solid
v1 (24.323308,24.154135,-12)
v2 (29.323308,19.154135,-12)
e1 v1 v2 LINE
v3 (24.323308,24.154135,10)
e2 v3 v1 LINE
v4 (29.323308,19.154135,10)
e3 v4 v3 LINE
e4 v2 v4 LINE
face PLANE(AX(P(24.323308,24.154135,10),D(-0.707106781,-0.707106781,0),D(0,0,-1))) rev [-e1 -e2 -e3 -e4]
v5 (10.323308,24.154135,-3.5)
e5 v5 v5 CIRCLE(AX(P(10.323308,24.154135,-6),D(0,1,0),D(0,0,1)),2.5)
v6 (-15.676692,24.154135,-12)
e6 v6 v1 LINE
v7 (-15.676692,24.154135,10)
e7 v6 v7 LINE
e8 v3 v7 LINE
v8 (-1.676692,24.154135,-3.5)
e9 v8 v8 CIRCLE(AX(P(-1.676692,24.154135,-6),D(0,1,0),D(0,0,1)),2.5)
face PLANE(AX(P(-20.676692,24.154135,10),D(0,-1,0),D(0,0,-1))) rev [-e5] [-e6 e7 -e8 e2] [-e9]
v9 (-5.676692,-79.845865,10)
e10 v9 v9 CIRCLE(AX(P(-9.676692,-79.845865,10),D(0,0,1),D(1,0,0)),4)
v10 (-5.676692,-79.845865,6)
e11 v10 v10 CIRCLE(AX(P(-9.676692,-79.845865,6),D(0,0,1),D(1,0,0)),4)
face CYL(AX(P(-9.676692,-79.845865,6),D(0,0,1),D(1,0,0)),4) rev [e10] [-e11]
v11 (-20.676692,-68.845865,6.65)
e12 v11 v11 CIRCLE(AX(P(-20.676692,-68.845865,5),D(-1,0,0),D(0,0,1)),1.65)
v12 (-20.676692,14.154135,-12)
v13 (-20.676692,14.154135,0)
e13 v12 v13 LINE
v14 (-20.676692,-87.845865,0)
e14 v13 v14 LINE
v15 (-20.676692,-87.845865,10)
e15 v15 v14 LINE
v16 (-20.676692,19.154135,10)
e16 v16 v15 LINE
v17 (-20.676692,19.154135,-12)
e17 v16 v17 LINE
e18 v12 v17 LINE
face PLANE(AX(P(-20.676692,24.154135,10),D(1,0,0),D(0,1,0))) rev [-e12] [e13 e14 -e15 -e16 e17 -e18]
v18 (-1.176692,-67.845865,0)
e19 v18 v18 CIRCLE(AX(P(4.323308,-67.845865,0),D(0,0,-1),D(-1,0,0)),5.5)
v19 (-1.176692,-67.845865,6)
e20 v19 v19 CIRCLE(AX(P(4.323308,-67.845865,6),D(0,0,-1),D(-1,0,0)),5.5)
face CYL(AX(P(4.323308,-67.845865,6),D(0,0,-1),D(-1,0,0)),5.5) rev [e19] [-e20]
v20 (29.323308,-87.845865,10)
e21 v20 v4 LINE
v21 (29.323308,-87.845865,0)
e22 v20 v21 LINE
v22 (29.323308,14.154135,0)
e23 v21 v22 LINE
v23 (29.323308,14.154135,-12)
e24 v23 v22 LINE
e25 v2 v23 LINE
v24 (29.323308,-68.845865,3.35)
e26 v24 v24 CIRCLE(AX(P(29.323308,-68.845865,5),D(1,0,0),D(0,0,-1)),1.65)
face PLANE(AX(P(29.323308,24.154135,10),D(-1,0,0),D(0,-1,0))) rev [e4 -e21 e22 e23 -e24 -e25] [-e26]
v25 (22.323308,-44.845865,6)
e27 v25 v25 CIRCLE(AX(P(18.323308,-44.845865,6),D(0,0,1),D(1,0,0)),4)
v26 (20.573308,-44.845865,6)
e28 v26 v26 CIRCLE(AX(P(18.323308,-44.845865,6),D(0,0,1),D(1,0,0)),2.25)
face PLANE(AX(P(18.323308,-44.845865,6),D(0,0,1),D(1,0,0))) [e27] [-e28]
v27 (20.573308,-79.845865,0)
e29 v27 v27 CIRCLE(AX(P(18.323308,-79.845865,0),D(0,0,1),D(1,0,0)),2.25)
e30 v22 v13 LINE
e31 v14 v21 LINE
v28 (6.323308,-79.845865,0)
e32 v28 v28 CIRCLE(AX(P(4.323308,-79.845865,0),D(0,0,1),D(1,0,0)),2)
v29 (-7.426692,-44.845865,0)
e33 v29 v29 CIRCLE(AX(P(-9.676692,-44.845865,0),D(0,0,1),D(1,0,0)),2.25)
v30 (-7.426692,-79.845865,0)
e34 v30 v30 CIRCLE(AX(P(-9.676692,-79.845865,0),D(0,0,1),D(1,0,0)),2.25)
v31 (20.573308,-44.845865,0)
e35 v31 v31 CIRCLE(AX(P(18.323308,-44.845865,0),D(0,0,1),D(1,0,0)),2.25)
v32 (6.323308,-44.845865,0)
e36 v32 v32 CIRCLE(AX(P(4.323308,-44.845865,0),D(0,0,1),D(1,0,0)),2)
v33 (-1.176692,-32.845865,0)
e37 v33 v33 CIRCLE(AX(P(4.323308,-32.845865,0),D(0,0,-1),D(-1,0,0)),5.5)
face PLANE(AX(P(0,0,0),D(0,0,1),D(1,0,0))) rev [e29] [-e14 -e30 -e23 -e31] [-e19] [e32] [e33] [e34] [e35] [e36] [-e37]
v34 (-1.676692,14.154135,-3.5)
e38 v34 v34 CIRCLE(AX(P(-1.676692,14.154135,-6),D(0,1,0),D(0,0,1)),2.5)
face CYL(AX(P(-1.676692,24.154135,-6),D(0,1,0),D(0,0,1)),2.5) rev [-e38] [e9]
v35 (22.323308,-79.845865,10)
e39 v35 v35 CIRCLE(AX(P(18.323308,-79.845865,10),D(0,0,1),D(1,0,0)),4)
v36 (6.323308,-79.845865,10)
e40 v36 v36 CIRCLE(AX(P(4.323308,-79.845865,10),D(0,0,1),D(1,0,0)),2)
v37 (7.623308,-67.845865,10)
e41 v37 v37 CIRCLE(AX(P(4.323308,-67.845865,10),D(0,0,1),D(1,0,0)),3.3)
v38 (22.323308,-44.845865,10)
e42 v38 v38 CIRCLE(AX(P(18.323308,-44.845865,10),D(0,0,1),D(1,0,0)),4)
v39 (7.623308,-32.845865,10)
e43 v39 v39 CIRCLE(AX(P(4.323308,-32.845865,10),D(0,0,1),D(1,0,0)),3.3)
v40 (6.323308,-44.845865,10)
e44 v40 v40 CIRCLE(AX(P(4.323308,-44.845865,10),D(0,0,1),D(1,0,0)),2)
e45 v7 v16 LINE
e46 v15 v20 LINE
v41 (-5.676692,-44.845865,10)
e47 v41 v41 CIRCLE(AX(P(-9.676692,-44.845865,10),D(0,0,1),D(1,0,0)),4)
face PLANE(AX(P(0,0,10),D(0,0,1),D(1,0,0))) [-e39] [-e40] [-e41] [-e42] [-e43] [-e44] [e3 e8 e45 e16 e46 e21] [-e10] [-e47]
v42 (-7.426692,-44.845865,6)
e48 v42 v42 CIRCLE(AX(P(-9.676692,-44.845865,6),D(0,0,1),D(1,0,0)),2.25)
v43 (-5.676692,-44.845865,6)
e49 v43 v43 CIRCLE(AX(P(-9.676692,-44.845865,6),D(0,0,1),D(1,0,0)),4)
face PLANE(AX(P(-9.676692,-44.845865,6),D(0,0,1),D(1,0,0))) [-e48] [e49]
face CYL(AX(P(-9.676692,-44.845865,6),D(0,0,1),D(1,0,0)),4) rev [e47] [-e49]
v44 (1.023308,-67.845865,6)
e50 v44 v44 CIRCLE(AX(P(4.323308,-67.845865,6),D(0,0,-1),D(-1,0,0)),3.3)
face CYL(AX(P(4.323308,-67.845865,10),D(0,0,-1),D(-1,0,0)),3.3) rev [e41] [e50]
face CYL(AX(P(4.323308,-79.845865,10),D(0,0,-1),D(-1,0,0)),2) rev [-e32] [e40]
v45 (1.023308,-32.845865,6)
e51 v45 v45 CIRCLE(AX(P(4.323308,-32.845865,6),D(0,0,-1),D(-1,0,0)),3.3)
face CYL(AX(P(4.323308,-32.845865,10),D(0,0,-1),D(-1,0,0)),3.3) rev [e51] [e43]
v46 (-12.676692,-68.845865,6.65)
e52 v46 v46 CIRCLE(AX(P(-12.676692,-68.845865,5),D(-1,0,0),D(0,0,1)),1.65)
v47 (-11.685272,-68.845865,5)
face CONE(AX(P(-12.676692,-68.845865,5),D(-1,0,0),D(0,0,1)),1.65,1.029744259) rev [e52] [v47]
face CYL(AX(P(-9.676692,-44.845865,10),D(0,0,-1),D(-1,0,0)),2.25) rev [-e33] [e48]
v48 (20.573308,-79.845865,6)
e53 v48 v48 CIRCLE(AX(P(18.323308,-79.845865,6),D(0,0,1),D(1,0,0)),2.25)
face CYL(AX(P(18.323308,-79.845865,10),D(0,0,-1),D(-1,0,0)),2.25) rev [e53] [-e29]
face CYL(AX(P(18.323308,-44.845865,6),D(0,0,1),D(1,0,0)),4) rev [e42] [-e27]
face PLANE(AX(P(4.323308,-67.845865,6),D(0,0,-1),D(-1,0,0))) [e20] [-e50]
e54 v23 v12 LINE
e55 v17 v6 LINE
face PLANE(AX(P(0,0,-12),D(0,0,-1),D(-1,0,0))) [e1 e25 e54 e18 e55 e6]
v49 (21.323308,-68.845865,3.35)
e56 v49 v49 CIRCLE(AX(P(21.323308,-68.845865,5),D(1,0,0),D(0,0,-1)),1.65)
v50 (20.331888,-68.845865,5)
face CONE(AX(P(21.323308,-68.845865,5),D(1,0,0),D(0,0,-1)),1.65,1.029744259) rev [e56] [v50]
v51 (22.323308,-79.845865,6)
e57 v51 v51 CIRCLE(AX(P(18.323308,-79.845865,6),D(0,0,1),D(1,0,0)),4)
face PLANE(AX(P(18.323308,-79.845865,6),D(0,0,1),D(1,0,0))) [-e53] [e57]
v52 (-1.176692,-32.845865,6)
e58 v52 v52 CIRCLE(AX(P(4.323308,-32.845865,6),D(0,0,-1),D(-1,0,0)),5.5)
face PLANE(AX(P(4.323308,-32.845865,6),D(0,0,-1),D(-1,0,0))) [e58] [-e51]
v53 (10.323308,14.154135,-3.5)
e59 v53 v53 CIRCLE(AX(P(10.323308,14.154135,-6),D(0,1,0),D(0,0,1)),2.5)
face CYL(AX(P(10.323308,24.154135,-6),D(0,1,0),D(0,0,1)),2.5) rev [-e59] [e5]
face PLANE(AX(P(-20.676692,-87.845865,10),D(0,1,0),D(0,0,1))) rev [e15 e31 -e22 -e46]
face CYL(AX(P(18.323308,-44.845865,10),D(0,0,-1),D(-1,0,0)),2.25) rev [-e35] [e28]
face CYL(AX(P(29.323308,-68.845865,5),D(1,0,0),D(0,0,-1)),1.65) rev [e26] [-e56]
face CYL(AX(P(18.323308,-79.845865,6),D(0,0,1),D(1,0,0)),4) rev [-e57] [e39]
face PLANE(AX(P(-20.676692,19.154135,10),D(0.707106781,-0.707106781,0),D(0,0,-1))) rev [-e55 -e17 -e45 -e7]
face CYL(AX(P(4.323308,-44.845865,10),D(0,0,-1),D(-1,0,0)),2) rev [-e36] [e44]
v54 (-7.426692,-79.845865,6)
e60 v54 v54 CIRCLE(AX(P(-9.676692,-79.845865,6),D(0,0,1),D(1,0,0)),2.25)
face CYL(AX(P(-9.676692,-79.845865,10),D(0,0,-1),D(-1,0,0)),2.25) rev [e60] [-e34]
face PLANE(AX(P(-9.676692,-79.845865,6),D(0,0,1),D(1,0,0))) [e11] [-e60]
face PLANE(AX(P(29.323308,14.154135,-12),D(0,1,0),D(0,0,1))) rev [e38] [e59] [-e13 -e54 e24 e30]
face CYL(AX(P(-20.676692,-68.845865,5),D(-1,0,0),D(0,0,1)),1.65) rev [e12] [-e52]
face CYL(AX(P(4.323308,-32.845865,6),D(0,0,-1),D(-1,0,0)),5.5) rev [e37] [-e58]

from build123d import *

# Parameters (mm, degrees)
SKETCH1_W             = 50
SKETCH1_H             = 112
SKETCH1_R             = 3.3
SKETCH1_R_2           = 2
SKETCH1_R_3           = 2.25
BOSS_EXTRUDE1_DEPTH   = 10
SKETCH2_R             = 5.5
CUT_EXTRUDE1_DEPTH    = 6
SKETCH3_R             = 4
CUT_EXTRUDE2_DEPTH    = 4
SKETCH4_W             = 50
SKETCH4_H             = 10
BOSS_EXTRUDE2_DEPTH   = 12
M4_TAPPED_HOLE1_D     = 3.3
M4_TAPPED_HOLE1_DEPTH = 8
M4_TAPPED_HOLE1_TIP   = 0.991420021
M4_TAPPED_HOLE2_D     = 3.3
M4_TAPPED_HOLE2_DEPTH = 8
M4_TAPPED_HOLE2_TIP   = 0.991420021
CHAMFER1_SIZE         = 5
M6_TAPPED_HOLE1_D     = 5
M6_TAPPED_HOLE1_DEPTH = 15
M6_TAPPED_HOLE1_TIP   = 1.502151548


with BuildPart() as part:
    # Sketch1 → Boss-Extrude1 (new body)
    with BuildSketch(Plane.XY):
        with Locations((4.323308271, -31.845864662)):
            Rectangle(SKETCH1_W, SKETCH1_H)
        with Locations((4.323308271, -67.845864662)):
            Circle(SKETCH1_R, mode=Mode.SUBTRACT)
        with Locations((4.323308271, -44.845864662)):
            Circle(SKETCH1_R_2, mode=Mode.SUBTRACT)
        with Locations((4.323308271, -32.845864662)):
            Circle(SKETCH1_R, mode=Mode.SUBTRACT)
        with Locations((18.323308271, -79.845864662)):
            Circle(SKETCH1_R_3, mode=Mode.SUBTRACT)
        with Locations((-9.676691729, -79.845864662)):
            Circle(SKETCH1_R_3, mode=Mode.SUBTRACT)
        with Locations((-9.676691729, -44.845864662)):
            Circle(SKETCH1_R_3, mode=Mode.SUBTRACT)
        with Locations((18.323308271, -44.845864662)):
            Circle(SKETCH1_R_3, mode=Mode.SUBTRACT)
        with Locations((4.323308271, -79.845864662)):
            Circle(SKETCH1_R_2, mode=Mode.SUBTRACT)
    extrude(amount=BOSS_EXTRUDE1_DEPTH)

    # Sketch2 → Cut-Extrude1 (cut)
    with BuildSketch(Plane(origin=(0, 0, 0), x_dir=(-1, 0, 0), z_dir=(0, 0, -1))):
        with Locations((-4.323308271, -32.845864662)):
            Circle(SKETCH2_R)
        with Locations((-4.323308271, -67.845864662)):
            Circle(SKETCH2_R)
    extrude(amount=-CUT_EXTRUDE1_DEPTH, mode=Mode.SUBTRACT)

    # Sketch3 → Cut-Extrude2 (cut)
    with BuildSketch(Plane.XY.offset(10)):
        with Locations((-9.676691729, -44.845864662)):
            Circle(SKETCH3_R)
        with Locations((18.323308271, -44.845864662)):
            Circle(SKETCH3_R)
        with Locations((18.323308271, -79.845864662)):
            Circle(SKETCH3_R)
        with Locations((-9.676691729, -79.845864662)):
            Circle(SKETCH3_R)
    extrude(amount=-CUT_EXTRUDE2_DEPTH, mode=Mode.SUBTRACT)

    # Sketch4 → Boss-Extrude2 (add)
    with BuildSketch(Plane(origin=(0, 0, 0), x_dir=(-1, 0, 0), z_dir=(0, 0, -1))):
        with Locations((-4.323308271, 19.154135338)):
            Rectangle(SKETCH4_W, SKETCH4_H)
    extrude(amount=BOSS_EXTRUDE2_DEPTH)

    # M4 Tapped Hole1
    with Locations(Plane(origin=(29.323308271, 0, 0), x_dir=(0, 0, -1), z_dir=(1, 0, 0))):
        with Locations((-5, -68.845864662)):
            Hole(M4_TAPPED_HOLE1_D / 2, depth=M4_TAPPED_HOLE1_DEPTH)
            with Locations((0, 0, -(M4_TAPPED_HOLE1_DEPTH + M4_TAPPED_HOLE1_TIP / 2))):  # 118° drill point
                Cone(0, M4_TAPPED_HOLE1_D / 2, M4_TAPPED_HOLE1_TIP, mode=Mode.SUBTRACT)

    # M4 Tapped Hole2
    with Locations(Plane.ZY.offset(20.676691729)):
        with Locations((5, -68.845864662)):
            Hole(M4_TAPPED_HOLE2_D / 2, depth=M4_TAPPED_HOLE2_DEPTH)
            with Locations((0, 0, -(M4_TAPPED_HOLE2_DEPTH + M4_TAPPED_HOLE2_TIP / 2))):  # 118° drill point
                Cone(0, M4_TAPPED_HOLE2_D / 2, M4_TAPPED_HOLE2_TIP, mode=Mode.SUBTRACT)

    # Chamfer1
    chamfer1_edges = [part.edges().sort_by_distance(p)[0] for p in [
        (-20.676691729, 24.154135338, -1),
        (29.323308271, 24.154135338, -1),
    ]]
    chamfer(chamfer1_edges, length=CHAMFER1_SIZE)

    # M6 Tapped Hole1
    with Locations(Plane(origin=(0, 24.154135338, 0), x_dir=(1, 0, 0), z_dir=(0, 1, 0))):
        with Locations((10.323308271, 6), (-1.676691729, 6)):
            Hole(M6_TAPPED_HOLE1_D / 2, depth=M6_TAPPED_HOLE1_DEPTH)
            with Locations((0, 0, -(M6_TAPPED_HOLE1_DEPTH + M6_TAPPED_HOLE1_TIP / 2))):  # 118° drill point
                Cone(0, M6_TAPPED_HOLE1_D / 2, M6_TAPPED_HOLE1_TIP, mode=Mode.SUBTRACT)


solid = part.part
